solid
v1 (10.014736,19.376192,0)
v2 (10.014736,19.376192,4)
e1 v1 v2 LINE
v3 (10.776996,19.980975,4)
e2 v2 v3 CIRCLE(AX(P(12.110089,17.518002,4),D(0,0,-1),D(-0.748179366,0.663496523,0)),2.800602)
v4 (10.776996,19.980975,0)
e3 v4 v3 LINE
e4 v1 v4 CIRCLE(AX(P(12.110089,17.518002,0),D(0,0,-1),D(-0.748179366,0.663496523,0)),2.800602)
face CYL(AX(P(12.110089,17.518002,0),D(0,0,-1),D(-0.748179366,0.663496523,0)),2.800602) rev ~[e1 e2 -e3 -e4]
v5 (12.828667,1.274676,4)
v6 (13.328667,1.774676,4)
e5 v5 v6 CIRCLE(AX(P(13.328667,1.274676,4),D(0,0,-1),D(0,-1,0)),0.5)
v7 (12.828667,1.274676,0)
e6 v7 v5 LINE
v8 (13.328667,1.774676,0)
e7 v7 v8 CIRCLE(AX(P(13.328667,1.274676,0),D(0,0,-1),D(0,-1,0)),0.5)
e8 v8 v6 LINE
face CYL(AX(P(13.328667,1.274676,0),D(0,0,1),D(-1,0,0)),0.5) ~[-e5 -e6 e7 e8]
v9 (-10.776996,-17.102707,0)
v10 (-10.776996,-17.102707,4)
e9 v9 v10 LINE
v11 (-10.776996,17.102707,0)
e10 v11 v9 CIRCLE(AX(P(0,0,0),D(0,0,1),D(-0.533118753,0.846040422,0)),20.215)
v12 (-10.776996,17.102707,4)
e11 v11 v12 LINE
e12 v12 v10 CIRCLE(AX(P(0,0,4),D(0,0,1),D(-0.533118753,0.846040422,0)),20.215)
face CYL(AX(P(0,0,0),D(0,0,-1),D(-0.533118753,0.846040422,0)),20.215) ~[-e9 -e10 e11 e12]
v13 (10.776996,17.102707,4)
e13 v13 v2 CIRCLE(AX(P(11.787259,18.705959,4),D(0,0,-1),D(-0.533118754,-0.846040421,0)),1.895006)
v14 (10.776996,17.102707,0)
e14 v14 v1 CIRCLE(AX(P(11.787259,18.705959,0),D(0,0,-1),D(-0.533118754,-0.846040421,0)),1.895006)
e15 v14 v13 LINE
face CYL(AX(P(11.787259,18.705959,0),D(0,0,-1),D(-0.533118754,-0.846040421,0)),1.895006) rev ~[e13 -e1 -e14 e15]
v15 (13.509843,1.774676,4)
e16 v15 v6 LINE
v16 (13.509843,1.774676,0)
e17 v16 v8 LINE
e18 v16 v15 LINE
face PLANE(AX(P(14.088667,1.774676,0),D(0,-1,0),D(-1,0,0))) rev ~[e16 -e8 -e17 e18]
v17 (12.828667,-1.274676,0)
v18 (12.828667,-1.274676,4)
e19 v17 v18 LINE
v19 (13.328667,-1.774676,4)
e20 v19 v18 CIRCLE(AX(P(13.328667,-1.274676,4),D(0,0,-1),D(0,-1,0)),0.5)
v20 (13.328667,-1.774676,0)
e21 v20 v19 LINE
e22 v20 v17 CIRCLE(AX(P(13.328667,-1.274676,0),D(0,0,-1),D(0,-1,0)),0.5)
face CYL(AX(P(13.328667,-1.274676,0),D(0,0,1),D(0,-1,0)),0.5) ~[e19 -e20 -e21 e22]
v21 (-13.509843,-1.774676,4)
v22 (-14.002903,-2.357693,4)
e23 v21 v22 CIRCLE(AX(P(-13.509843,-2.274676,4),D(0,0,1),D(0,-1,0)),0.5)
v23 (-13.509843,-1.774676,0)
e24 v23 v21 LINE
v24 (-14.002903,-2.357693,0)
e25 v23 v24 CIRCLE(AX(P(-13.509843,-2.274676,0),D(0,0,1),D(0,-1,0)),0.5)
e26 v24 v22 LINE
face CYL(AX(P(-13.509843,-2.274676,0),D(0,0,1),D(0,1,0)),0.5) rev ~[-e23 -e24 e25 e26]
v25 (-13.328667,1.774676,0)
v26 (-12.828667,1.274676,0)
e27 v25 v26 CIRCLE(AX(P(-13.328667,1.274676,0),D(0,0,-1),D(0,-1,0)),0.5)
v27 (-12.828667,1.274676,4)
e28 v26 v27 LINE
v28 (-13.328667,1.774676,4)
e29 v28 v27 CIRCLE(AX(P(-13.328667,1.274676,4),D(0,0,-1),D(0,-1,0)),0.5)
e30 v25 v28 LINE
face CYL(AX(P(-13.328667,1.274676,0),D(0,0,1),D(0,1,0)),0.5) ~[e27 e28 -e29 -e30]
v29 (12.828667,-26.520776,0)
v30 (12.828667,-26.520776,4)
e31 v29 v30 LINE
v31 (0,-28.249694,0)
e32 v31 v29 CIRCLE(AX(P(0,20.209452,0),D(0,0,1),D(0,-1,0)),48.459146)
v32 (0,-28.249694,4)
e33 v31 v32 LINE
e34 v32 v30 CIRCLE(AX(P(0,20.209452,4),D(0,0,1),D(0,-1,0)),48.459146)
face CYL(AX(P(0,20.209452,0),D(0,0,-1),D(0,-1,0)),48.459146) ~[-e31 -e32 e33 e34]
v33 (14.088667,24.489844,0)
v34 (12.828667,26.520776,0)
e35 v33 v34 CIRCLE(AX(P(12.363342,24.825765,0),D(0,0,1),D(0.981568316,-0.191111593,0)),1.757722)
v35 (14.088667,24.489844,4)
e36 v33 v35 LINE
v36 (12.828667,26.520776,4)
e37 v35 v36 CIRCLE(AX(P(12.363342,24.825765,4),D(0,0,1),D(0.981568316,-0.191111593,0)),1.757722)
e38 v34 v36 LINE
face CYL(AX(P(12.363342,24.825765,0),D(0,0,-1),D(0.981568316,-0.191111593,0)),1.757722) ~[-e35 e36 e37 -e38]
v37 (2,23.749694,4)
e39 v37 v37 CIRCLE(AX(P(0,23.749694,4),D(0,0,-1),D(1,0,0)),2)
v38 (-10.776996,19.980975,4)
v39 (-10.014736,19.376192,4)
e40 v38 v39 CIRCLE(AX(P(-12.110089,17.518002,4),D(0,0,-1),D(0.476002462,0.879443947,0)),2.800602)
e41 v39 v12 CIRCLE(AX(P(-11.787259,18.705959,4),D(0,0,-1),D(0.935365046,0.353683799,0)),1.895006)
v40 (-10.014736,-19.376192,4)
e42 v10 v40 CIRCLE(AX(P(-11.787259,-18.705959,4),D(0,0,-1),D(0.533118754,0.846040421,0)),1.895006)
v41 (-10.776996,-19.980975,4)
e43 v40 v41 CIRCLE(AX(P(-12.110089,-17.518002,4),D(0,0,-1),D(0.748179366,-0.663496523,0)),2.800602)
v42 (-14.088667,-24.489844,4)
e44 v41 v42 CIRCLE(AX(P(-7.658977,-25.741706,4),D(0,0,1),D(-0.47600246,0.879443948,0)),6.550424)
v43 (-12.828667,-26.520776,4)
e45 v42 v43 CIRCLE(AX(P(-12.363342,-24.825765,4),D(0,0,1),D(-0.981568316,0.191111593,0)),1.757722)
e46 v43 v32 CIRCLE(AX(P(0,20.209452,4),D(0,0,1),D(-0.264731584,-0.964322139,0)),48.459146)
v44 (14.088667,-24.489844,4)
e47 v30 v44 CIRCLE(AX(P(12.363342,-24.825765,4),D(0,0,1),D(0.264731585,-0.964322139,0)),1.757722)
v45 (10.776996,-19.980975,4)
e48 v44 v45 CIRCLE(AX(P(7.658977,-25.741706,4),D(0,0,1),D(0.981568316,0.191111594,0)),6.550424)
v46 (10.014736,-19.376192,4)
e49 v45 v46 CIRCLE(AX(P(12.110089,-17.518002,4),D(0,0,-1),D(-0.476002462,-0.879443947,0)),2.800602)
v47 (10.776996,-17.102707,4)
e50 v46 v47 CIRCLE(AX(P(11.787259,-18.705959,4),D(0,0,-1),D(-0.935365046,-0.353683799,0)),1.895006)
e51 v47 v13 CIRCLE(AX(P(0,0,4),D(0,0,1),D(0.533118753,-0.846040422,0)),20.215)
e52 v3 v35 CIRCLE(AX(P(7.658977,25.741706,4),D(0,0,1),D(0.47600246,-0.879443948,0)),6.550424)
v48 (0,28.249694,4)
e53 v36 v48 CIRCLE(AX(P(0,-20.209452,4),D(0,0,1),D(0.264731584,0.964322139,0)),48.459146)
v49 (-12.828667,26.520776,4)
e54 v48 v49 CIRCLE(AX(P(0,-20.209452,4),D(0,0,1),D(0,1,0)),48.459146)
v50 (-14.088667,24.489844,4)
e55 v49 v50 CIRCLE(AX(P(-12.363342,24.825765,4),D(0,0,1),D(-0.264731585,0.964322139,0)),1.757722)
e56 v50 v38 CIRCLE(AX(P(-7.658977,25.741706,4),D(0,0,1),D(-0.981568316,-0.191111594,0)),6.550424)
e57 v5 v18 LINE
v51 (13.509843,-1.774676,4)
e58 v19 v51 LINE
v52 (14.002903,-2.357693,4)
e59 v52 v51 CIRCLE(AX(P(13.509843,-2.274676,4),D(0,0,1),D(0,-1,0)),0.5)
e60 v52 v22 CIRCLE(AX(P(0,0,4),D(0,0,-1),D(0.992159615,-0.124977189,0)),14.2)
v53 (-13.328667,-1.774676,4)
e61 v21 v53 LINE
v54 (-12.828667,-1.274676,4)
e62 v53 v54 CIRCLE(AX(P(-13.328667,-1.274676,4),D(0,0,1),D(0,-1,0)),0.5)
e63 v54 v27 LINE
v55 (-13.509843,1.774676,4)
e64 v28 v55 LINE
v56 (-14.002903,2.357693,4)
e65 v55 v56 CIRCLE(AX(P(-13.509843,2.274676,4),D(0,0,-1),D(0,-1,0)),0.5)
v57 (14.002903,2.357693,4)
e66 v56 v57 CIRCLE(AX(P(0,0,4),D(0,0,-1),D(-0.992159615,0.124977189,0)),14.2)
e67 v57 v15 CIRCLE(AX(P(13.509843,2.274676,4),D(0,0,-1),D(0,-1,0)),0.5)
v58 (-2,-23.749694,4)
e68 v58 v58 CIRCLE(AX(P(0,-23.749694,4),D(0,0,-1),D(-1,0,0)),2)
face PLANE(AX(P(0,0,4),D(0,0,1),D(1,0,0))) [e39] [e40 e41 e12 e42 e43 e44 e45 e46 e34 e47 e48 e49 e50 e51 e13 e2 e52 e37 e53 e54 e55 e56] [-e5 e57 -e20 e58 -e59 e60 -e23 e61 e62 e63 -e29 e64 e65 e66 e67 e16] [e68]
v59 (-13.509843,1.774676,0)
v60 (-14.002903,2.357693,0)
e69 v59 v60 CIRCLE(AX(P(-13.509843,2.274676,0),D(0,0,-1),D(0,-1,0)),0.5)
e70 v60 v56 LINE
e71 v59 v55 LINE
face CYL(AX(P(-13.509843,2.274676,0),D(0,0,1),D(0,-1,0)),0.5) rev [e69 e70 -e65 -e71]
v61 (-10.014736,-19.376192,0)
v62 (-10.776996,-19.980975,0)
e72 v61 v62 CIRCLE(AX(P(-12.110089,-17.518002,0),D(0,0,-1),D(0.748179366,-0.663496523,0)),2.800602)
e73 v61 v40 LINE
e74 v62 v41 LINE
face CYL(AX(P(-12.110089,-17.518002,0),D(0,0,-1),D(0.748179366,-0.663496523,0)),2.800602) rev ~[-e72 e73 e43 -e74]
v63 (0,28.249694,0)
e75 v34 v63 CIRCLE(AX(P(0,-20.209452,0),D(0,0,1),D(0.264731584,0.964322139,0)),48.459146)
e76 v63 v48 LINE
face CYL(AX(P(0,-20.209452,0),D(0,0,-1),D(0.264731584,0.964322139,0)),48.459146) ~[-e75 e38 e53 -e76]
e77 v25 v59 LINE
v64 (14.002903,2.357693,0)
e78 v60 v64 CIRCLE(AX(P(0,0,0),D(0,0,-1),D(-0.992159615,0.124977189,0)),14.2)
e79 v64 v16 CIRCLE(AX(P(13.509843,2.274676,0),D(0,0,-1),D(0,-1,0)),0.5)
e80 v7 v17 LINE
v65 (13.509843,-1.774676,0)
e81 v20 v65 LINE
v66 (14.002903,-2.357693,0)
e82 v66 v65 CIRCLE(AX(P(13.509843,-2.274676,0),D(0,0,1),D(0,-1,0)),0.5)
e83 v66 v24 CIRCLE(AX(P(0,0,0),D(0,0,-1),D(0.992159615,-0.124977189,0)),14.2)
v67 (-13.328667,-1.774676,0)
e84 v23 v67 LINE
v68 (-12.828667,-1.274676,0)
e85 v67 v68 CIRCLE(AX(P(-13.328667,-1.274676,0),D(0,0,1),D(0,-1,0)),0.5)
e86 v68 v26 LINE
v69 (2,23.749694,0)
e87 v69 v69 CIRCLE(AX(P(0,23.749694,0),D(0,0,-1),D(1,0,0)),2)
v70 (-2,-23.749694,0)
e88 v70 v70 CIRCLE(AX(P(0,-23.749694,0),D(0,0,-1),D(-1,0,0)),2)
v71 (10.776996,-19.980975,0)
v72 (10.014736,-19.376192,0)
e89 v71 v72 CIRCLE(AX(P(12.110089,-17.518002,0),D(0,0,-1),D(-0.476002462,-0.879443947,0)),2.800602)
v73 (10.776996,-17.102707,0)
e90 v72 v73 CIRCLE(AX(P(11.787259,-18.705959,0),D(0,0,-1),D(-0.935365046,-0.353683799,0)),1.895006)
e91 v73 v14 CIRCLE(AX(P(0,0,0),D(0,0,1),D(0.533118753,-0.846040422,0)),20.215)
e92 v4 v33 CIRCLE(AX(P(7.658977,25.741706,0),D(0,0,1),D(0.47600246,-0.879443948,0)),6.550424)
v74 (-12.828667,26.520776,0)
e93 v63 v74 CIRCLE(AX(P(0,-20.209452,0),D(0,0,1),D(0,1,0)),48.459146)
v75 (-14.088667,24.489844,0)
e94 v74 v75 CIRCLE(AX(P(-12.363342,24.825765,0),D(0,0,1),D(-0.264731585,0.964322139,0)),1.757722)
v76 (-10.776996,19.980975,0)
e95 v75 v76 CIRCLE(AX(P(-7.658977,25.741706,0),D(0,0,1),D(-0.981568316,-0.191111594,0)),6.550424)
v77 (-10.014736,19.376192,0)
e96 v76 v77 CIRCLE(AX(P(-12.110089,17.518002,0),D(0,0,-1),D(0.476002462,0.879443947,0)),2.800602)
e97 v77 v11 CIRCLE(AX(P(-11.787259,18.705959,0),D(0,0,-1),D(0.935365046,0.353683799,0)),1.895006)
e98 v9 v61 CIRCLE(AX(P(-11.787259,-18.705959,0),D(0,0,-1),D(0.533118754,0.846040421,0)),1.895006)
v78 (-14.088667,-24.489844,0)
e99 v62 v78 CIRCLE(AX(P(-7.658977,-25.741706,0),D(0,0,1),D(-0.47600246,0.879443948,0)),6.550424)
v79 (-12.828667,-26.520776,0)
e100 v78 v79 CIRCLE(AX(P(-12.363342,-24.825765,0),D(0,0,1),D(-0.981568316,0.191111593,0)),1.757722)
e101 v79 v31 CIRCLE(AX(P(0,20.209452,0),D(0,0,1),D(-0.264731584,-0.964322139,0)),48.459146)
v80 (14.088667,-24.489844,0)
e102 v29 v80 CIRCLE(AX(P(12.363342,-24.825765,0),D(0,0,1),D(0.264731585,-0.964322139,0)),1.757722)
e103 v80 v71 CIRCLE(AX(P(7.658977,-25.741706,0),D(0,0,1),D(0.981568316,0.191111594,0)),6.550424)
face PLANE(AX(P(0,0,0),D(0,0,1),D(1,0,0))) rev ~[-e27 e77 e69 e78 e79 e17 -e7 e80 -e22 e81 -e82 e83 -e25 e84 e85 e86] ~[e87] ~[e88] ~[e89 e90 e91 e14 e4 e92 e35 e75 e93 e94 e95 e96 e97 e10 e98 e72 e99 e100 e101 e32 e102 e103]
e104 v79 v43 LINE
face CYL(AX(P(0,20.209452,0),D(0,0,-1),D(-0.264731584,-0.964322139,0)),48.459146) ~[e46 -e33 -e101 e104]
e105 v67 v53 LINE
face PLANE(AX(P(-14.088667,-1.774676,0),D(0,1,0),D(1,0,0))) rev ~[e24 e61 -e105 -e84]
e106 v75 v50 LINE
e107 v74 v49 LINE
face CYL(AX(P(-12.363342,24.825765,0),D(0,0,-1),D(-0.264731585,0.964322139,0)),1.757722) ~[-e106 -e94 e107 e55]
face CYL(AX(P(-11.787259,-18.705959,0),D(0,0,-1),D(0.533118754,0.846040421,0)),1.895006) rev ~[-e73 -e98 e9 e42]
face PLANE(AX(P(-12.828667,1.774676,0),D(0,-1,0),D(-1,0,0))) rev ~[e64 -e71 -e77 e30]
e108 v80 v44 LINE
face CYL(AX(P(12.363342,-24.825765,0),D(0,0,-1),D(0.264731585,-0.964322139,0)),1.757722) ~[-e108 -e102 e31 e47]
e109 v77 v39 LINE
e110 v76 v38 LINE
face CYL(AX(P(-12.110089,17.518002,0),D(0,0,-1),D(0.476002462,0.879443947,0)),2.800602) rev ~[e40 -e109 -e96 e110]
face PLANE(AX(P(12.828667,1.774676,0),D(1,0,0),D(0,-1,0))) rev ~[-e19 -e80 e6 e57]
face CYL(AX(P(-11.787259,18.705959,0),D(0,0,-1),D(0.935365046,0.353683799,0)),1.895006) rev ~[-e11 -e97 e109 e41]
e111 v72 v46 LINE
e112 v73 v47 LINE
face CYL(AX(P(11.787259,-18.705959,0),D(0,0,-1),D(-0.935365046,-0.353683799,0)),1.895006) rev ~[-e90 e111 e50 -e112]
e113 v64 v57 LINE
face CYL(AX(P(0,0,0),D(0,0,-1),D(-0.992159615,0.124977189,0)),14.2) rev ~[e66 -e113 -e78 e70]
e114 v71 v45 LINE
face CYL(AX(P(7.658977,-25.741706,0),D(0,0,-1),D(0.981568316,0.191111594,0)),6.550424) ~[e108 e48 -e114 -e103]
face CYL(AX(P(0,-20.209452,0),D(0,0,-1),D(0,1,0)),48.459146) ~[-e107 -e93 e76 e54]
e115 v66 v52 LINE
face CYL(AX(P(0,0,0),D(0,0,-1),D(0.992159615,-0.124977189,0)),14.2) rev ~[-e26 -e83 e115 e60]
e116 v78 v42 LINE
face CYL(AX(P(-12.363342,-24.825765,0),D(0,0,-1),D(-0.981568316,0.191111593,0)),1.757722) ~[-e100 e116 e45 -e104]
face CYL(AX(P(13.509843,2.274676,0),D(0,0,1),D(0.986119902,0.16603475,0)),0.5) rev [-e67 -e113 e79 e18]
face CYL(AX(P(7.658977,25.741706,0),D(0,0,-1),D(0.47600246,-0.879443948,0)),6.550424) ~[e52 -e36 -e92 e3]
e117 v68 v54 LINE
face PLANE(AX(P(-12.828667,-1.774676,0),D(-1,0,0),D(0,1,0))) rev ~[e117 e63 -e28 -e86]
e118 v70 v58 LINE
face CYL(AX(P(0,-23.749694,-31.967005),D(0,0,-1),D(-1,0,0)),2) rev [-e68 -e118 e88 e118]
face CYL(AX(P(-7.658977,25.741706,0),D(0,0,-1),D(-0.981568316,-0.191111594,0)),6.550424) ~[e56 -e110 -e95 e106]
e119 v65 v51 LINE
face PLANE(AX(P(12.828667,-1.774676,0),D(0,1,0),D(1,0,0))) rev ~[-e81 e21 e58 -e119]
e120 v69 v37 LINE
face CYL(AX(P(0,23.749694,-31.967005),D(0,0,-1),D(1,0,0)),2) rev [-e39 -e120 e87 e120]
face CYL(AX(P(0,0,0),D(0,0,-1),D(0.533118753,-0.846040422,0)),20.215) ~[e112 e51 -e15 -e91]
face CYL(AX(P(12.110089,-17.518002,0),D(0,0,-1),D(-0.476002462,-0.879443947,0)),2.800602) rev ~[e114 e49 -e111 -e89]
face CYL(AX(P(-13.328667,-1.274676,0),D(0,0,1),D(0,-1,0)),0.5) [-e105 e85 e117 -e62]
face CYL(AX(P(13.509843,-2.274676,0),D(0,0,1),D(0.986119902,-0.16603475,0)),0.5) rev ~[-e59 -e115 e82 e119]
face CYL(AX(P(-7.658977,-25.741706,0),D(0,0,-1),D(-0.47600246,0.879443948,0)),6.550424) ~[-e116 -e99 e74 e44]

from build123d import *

# Parameters (mm, degrees)
BOSS_EXTRUDE2_DEPTH     = 4
FILLET1_R               = 0.5
FILLET2_R               = 0.5
CUT_EXTRUDE1_DEPTH      = 35.96700514
CUT_EXTRUDE1_DEPTH_BACK = 35.96700514
SKETCH4_R               = 2


with BuildPart() as part:
    # Sketch3 → Boss-Extrude2 (new body)
    with BuildSketch(Plane.XY):
        with BuildLine():
            ThreePointArc((-10.014736402, 19.376191891), (-9.990551511, 18.103554733), (-10.776995598, 17.102707121))
            ThreePointArc((-10.776995598, 17.102707121), (-20.215, 0), (-10.776995598, -17.102707121))
            ThreePointArc((-10.776995598, -17.102707121), (-9.990551511, -18.103554733), (-10.014736402, -19.376191891))
            ThreePointArc((-10.014736402, -19.376191891), (-10.36939918, -19.711941674), (-10.776995598, -19.98097469))
            ThreePointArc((-10.776995598, -19.98097469), (-12.938385888, -21.864089687), (-14.088666538, -24.48984377))
            ThreePointArc((-14.088666538, -24.48984377), (-13.85696402, -25.752415366), (-12.828666538, -26.520775556))
            ThreePointArc((-12.828666538, -26.520775556), (-6.472322707, -27.815519537), (0, -28.249694219))
            ThreePointArc((0, -28.249694219), (6.472322707, -27.815519537), (12.828666538, -26.520775556))
            ThreePointArc((12.828666538, -26.520775556), (13.85696402, -25.752415366), (14.088666538, -24.48984377))
            ThreePointArc((14.088666538, -24.48984377), (12.938385888, -21.864089687), (10.776995598, -19.98097469))
            ThreePointArc((10.776995598, -19.98097469), (10.36939918, -19.711941674), (10.014736402, -19.376191891))
            ThreePointArc((10.014736402, -19.376191891), (9.990551511, -18.103554733), (10.776995598, -17.102707121))
            ThreePointArc((10.776995598, -17.102707121), (20.215, 0), (10.776995598, 17.102707121))
            ThreePointArc((10.776995598, 17.102707121), (9.990551511, 18.103554733), (10.014736402, 19.376191891))
            ThreePointArc((10.014736402, 19.376191891), (10.36939918, 19.711941674), (10.776995598, 19.98097469))
            ThreePointArc((10.776995598, 19.98097469), (12.938385888, 21.864089687), (14.088666538, 24.48984377))
            ThreePointArc((14.088666538, 24.48984377), (13.85696402, 25.752415366), (12.828666538, 26.520775556))
            ThreePointArc((12.828666538, 26.520775556), (6.472322707, 27.815519537), (0, 28.249694219))
            ThreePointArc((0, 28.249694219), (-6.472322707, 27.815519537), (-12.828666538, 26.520775556))
            ThreePointArc((-12.828666538, 26.520775556), (-13.85696402, 25.752415366), (-14.088666538, 24.48984377))
            ThreePointArc((-14.088666538, 24.48984377), (-12.938385888, 21.864089687), (-10.776995598, 19.98097469))
            ThreePointArc((-10.776995598, 19.98097469), (-10.36939918, 19.711941674), (-10.014736402, 19.376191891))
        make_face()
        with BuildLine():
            Line((-12.828666538, -1.774676079), (-12.828666538, 1.774676079))
            Line((-12.828666538, 1.774676079), (-14.088666538, 1.774676079))
            ThreePointArc((-14.088666538, 1.774676079), (0, 14.2), (14.088666538, 1.774676079))
            Line((14.088666538, 1.774676079), (12.828666538, 1.774676079))
            Line((12.828666538, 1.774676079), (12.828666538, -1.774676079))
            Line((12.828666538, -1.774676079), (14.088666538, -1.774676079))
            ThreePointArc((14.088666538, -1.774676079), (0, -14.2), (-14.088666538, -1.774676079))
            Line((-14.088666538, -1.774676079), (-12.828666538, -1.774676079))
        make_face(mode=Mode.SUBTRACT)
    extrude(amount=BOSS_EXTRUDE2_DEPTH)

    # Fillet1
    fillet1_edges = [part.edges().sort_by_distance(p)[0] for p in [
        (-12.828666538, 1.774676079, 2),
        (-12.828666538, -1.774676079, 2),
        (12.828666538, -1.774676079, 2),
        (12.828666538, 1.774676079, 2),
    ]]
    fillet(fillet1_edges, radius=FILLET1_R)

    # Fillet2
    fillet2_edges = [part.edges().sort_by_distance(p)[0] for p in [
        (-14.088666538, 1.774676079, 2),
        (-14.088666538, -1.774676079, 2),
        (14.088666538, -1.774676079, 2),
        (14.088666538, 1.774676079, 2),
    ]]
    fillet(fillet2_edges, radius=FILLET2_R)

    # Sketch4 → Cut-Extrude1 (cut, two sides: drawn at the far end of the back side and taken through both)
    with BuildSketch(Plane.XY.offset(4).offset(-CUT_EXTRUDE1_DEPTH_BACK)):
        with Locations((0, 23.749694219)):
            Circle(SKETCH4_R)
        with Locations(Location((0, -23.749694219, 0), (0, 0, 180))):
            Circle(SKETCH4_R)
    extrude(amount=CUT_EXTRUDE1_DEPTH + CUT_EXTRUDE1_DEPTH_BACK, mode=Mode.SUBTRACT)


solid = part.part
